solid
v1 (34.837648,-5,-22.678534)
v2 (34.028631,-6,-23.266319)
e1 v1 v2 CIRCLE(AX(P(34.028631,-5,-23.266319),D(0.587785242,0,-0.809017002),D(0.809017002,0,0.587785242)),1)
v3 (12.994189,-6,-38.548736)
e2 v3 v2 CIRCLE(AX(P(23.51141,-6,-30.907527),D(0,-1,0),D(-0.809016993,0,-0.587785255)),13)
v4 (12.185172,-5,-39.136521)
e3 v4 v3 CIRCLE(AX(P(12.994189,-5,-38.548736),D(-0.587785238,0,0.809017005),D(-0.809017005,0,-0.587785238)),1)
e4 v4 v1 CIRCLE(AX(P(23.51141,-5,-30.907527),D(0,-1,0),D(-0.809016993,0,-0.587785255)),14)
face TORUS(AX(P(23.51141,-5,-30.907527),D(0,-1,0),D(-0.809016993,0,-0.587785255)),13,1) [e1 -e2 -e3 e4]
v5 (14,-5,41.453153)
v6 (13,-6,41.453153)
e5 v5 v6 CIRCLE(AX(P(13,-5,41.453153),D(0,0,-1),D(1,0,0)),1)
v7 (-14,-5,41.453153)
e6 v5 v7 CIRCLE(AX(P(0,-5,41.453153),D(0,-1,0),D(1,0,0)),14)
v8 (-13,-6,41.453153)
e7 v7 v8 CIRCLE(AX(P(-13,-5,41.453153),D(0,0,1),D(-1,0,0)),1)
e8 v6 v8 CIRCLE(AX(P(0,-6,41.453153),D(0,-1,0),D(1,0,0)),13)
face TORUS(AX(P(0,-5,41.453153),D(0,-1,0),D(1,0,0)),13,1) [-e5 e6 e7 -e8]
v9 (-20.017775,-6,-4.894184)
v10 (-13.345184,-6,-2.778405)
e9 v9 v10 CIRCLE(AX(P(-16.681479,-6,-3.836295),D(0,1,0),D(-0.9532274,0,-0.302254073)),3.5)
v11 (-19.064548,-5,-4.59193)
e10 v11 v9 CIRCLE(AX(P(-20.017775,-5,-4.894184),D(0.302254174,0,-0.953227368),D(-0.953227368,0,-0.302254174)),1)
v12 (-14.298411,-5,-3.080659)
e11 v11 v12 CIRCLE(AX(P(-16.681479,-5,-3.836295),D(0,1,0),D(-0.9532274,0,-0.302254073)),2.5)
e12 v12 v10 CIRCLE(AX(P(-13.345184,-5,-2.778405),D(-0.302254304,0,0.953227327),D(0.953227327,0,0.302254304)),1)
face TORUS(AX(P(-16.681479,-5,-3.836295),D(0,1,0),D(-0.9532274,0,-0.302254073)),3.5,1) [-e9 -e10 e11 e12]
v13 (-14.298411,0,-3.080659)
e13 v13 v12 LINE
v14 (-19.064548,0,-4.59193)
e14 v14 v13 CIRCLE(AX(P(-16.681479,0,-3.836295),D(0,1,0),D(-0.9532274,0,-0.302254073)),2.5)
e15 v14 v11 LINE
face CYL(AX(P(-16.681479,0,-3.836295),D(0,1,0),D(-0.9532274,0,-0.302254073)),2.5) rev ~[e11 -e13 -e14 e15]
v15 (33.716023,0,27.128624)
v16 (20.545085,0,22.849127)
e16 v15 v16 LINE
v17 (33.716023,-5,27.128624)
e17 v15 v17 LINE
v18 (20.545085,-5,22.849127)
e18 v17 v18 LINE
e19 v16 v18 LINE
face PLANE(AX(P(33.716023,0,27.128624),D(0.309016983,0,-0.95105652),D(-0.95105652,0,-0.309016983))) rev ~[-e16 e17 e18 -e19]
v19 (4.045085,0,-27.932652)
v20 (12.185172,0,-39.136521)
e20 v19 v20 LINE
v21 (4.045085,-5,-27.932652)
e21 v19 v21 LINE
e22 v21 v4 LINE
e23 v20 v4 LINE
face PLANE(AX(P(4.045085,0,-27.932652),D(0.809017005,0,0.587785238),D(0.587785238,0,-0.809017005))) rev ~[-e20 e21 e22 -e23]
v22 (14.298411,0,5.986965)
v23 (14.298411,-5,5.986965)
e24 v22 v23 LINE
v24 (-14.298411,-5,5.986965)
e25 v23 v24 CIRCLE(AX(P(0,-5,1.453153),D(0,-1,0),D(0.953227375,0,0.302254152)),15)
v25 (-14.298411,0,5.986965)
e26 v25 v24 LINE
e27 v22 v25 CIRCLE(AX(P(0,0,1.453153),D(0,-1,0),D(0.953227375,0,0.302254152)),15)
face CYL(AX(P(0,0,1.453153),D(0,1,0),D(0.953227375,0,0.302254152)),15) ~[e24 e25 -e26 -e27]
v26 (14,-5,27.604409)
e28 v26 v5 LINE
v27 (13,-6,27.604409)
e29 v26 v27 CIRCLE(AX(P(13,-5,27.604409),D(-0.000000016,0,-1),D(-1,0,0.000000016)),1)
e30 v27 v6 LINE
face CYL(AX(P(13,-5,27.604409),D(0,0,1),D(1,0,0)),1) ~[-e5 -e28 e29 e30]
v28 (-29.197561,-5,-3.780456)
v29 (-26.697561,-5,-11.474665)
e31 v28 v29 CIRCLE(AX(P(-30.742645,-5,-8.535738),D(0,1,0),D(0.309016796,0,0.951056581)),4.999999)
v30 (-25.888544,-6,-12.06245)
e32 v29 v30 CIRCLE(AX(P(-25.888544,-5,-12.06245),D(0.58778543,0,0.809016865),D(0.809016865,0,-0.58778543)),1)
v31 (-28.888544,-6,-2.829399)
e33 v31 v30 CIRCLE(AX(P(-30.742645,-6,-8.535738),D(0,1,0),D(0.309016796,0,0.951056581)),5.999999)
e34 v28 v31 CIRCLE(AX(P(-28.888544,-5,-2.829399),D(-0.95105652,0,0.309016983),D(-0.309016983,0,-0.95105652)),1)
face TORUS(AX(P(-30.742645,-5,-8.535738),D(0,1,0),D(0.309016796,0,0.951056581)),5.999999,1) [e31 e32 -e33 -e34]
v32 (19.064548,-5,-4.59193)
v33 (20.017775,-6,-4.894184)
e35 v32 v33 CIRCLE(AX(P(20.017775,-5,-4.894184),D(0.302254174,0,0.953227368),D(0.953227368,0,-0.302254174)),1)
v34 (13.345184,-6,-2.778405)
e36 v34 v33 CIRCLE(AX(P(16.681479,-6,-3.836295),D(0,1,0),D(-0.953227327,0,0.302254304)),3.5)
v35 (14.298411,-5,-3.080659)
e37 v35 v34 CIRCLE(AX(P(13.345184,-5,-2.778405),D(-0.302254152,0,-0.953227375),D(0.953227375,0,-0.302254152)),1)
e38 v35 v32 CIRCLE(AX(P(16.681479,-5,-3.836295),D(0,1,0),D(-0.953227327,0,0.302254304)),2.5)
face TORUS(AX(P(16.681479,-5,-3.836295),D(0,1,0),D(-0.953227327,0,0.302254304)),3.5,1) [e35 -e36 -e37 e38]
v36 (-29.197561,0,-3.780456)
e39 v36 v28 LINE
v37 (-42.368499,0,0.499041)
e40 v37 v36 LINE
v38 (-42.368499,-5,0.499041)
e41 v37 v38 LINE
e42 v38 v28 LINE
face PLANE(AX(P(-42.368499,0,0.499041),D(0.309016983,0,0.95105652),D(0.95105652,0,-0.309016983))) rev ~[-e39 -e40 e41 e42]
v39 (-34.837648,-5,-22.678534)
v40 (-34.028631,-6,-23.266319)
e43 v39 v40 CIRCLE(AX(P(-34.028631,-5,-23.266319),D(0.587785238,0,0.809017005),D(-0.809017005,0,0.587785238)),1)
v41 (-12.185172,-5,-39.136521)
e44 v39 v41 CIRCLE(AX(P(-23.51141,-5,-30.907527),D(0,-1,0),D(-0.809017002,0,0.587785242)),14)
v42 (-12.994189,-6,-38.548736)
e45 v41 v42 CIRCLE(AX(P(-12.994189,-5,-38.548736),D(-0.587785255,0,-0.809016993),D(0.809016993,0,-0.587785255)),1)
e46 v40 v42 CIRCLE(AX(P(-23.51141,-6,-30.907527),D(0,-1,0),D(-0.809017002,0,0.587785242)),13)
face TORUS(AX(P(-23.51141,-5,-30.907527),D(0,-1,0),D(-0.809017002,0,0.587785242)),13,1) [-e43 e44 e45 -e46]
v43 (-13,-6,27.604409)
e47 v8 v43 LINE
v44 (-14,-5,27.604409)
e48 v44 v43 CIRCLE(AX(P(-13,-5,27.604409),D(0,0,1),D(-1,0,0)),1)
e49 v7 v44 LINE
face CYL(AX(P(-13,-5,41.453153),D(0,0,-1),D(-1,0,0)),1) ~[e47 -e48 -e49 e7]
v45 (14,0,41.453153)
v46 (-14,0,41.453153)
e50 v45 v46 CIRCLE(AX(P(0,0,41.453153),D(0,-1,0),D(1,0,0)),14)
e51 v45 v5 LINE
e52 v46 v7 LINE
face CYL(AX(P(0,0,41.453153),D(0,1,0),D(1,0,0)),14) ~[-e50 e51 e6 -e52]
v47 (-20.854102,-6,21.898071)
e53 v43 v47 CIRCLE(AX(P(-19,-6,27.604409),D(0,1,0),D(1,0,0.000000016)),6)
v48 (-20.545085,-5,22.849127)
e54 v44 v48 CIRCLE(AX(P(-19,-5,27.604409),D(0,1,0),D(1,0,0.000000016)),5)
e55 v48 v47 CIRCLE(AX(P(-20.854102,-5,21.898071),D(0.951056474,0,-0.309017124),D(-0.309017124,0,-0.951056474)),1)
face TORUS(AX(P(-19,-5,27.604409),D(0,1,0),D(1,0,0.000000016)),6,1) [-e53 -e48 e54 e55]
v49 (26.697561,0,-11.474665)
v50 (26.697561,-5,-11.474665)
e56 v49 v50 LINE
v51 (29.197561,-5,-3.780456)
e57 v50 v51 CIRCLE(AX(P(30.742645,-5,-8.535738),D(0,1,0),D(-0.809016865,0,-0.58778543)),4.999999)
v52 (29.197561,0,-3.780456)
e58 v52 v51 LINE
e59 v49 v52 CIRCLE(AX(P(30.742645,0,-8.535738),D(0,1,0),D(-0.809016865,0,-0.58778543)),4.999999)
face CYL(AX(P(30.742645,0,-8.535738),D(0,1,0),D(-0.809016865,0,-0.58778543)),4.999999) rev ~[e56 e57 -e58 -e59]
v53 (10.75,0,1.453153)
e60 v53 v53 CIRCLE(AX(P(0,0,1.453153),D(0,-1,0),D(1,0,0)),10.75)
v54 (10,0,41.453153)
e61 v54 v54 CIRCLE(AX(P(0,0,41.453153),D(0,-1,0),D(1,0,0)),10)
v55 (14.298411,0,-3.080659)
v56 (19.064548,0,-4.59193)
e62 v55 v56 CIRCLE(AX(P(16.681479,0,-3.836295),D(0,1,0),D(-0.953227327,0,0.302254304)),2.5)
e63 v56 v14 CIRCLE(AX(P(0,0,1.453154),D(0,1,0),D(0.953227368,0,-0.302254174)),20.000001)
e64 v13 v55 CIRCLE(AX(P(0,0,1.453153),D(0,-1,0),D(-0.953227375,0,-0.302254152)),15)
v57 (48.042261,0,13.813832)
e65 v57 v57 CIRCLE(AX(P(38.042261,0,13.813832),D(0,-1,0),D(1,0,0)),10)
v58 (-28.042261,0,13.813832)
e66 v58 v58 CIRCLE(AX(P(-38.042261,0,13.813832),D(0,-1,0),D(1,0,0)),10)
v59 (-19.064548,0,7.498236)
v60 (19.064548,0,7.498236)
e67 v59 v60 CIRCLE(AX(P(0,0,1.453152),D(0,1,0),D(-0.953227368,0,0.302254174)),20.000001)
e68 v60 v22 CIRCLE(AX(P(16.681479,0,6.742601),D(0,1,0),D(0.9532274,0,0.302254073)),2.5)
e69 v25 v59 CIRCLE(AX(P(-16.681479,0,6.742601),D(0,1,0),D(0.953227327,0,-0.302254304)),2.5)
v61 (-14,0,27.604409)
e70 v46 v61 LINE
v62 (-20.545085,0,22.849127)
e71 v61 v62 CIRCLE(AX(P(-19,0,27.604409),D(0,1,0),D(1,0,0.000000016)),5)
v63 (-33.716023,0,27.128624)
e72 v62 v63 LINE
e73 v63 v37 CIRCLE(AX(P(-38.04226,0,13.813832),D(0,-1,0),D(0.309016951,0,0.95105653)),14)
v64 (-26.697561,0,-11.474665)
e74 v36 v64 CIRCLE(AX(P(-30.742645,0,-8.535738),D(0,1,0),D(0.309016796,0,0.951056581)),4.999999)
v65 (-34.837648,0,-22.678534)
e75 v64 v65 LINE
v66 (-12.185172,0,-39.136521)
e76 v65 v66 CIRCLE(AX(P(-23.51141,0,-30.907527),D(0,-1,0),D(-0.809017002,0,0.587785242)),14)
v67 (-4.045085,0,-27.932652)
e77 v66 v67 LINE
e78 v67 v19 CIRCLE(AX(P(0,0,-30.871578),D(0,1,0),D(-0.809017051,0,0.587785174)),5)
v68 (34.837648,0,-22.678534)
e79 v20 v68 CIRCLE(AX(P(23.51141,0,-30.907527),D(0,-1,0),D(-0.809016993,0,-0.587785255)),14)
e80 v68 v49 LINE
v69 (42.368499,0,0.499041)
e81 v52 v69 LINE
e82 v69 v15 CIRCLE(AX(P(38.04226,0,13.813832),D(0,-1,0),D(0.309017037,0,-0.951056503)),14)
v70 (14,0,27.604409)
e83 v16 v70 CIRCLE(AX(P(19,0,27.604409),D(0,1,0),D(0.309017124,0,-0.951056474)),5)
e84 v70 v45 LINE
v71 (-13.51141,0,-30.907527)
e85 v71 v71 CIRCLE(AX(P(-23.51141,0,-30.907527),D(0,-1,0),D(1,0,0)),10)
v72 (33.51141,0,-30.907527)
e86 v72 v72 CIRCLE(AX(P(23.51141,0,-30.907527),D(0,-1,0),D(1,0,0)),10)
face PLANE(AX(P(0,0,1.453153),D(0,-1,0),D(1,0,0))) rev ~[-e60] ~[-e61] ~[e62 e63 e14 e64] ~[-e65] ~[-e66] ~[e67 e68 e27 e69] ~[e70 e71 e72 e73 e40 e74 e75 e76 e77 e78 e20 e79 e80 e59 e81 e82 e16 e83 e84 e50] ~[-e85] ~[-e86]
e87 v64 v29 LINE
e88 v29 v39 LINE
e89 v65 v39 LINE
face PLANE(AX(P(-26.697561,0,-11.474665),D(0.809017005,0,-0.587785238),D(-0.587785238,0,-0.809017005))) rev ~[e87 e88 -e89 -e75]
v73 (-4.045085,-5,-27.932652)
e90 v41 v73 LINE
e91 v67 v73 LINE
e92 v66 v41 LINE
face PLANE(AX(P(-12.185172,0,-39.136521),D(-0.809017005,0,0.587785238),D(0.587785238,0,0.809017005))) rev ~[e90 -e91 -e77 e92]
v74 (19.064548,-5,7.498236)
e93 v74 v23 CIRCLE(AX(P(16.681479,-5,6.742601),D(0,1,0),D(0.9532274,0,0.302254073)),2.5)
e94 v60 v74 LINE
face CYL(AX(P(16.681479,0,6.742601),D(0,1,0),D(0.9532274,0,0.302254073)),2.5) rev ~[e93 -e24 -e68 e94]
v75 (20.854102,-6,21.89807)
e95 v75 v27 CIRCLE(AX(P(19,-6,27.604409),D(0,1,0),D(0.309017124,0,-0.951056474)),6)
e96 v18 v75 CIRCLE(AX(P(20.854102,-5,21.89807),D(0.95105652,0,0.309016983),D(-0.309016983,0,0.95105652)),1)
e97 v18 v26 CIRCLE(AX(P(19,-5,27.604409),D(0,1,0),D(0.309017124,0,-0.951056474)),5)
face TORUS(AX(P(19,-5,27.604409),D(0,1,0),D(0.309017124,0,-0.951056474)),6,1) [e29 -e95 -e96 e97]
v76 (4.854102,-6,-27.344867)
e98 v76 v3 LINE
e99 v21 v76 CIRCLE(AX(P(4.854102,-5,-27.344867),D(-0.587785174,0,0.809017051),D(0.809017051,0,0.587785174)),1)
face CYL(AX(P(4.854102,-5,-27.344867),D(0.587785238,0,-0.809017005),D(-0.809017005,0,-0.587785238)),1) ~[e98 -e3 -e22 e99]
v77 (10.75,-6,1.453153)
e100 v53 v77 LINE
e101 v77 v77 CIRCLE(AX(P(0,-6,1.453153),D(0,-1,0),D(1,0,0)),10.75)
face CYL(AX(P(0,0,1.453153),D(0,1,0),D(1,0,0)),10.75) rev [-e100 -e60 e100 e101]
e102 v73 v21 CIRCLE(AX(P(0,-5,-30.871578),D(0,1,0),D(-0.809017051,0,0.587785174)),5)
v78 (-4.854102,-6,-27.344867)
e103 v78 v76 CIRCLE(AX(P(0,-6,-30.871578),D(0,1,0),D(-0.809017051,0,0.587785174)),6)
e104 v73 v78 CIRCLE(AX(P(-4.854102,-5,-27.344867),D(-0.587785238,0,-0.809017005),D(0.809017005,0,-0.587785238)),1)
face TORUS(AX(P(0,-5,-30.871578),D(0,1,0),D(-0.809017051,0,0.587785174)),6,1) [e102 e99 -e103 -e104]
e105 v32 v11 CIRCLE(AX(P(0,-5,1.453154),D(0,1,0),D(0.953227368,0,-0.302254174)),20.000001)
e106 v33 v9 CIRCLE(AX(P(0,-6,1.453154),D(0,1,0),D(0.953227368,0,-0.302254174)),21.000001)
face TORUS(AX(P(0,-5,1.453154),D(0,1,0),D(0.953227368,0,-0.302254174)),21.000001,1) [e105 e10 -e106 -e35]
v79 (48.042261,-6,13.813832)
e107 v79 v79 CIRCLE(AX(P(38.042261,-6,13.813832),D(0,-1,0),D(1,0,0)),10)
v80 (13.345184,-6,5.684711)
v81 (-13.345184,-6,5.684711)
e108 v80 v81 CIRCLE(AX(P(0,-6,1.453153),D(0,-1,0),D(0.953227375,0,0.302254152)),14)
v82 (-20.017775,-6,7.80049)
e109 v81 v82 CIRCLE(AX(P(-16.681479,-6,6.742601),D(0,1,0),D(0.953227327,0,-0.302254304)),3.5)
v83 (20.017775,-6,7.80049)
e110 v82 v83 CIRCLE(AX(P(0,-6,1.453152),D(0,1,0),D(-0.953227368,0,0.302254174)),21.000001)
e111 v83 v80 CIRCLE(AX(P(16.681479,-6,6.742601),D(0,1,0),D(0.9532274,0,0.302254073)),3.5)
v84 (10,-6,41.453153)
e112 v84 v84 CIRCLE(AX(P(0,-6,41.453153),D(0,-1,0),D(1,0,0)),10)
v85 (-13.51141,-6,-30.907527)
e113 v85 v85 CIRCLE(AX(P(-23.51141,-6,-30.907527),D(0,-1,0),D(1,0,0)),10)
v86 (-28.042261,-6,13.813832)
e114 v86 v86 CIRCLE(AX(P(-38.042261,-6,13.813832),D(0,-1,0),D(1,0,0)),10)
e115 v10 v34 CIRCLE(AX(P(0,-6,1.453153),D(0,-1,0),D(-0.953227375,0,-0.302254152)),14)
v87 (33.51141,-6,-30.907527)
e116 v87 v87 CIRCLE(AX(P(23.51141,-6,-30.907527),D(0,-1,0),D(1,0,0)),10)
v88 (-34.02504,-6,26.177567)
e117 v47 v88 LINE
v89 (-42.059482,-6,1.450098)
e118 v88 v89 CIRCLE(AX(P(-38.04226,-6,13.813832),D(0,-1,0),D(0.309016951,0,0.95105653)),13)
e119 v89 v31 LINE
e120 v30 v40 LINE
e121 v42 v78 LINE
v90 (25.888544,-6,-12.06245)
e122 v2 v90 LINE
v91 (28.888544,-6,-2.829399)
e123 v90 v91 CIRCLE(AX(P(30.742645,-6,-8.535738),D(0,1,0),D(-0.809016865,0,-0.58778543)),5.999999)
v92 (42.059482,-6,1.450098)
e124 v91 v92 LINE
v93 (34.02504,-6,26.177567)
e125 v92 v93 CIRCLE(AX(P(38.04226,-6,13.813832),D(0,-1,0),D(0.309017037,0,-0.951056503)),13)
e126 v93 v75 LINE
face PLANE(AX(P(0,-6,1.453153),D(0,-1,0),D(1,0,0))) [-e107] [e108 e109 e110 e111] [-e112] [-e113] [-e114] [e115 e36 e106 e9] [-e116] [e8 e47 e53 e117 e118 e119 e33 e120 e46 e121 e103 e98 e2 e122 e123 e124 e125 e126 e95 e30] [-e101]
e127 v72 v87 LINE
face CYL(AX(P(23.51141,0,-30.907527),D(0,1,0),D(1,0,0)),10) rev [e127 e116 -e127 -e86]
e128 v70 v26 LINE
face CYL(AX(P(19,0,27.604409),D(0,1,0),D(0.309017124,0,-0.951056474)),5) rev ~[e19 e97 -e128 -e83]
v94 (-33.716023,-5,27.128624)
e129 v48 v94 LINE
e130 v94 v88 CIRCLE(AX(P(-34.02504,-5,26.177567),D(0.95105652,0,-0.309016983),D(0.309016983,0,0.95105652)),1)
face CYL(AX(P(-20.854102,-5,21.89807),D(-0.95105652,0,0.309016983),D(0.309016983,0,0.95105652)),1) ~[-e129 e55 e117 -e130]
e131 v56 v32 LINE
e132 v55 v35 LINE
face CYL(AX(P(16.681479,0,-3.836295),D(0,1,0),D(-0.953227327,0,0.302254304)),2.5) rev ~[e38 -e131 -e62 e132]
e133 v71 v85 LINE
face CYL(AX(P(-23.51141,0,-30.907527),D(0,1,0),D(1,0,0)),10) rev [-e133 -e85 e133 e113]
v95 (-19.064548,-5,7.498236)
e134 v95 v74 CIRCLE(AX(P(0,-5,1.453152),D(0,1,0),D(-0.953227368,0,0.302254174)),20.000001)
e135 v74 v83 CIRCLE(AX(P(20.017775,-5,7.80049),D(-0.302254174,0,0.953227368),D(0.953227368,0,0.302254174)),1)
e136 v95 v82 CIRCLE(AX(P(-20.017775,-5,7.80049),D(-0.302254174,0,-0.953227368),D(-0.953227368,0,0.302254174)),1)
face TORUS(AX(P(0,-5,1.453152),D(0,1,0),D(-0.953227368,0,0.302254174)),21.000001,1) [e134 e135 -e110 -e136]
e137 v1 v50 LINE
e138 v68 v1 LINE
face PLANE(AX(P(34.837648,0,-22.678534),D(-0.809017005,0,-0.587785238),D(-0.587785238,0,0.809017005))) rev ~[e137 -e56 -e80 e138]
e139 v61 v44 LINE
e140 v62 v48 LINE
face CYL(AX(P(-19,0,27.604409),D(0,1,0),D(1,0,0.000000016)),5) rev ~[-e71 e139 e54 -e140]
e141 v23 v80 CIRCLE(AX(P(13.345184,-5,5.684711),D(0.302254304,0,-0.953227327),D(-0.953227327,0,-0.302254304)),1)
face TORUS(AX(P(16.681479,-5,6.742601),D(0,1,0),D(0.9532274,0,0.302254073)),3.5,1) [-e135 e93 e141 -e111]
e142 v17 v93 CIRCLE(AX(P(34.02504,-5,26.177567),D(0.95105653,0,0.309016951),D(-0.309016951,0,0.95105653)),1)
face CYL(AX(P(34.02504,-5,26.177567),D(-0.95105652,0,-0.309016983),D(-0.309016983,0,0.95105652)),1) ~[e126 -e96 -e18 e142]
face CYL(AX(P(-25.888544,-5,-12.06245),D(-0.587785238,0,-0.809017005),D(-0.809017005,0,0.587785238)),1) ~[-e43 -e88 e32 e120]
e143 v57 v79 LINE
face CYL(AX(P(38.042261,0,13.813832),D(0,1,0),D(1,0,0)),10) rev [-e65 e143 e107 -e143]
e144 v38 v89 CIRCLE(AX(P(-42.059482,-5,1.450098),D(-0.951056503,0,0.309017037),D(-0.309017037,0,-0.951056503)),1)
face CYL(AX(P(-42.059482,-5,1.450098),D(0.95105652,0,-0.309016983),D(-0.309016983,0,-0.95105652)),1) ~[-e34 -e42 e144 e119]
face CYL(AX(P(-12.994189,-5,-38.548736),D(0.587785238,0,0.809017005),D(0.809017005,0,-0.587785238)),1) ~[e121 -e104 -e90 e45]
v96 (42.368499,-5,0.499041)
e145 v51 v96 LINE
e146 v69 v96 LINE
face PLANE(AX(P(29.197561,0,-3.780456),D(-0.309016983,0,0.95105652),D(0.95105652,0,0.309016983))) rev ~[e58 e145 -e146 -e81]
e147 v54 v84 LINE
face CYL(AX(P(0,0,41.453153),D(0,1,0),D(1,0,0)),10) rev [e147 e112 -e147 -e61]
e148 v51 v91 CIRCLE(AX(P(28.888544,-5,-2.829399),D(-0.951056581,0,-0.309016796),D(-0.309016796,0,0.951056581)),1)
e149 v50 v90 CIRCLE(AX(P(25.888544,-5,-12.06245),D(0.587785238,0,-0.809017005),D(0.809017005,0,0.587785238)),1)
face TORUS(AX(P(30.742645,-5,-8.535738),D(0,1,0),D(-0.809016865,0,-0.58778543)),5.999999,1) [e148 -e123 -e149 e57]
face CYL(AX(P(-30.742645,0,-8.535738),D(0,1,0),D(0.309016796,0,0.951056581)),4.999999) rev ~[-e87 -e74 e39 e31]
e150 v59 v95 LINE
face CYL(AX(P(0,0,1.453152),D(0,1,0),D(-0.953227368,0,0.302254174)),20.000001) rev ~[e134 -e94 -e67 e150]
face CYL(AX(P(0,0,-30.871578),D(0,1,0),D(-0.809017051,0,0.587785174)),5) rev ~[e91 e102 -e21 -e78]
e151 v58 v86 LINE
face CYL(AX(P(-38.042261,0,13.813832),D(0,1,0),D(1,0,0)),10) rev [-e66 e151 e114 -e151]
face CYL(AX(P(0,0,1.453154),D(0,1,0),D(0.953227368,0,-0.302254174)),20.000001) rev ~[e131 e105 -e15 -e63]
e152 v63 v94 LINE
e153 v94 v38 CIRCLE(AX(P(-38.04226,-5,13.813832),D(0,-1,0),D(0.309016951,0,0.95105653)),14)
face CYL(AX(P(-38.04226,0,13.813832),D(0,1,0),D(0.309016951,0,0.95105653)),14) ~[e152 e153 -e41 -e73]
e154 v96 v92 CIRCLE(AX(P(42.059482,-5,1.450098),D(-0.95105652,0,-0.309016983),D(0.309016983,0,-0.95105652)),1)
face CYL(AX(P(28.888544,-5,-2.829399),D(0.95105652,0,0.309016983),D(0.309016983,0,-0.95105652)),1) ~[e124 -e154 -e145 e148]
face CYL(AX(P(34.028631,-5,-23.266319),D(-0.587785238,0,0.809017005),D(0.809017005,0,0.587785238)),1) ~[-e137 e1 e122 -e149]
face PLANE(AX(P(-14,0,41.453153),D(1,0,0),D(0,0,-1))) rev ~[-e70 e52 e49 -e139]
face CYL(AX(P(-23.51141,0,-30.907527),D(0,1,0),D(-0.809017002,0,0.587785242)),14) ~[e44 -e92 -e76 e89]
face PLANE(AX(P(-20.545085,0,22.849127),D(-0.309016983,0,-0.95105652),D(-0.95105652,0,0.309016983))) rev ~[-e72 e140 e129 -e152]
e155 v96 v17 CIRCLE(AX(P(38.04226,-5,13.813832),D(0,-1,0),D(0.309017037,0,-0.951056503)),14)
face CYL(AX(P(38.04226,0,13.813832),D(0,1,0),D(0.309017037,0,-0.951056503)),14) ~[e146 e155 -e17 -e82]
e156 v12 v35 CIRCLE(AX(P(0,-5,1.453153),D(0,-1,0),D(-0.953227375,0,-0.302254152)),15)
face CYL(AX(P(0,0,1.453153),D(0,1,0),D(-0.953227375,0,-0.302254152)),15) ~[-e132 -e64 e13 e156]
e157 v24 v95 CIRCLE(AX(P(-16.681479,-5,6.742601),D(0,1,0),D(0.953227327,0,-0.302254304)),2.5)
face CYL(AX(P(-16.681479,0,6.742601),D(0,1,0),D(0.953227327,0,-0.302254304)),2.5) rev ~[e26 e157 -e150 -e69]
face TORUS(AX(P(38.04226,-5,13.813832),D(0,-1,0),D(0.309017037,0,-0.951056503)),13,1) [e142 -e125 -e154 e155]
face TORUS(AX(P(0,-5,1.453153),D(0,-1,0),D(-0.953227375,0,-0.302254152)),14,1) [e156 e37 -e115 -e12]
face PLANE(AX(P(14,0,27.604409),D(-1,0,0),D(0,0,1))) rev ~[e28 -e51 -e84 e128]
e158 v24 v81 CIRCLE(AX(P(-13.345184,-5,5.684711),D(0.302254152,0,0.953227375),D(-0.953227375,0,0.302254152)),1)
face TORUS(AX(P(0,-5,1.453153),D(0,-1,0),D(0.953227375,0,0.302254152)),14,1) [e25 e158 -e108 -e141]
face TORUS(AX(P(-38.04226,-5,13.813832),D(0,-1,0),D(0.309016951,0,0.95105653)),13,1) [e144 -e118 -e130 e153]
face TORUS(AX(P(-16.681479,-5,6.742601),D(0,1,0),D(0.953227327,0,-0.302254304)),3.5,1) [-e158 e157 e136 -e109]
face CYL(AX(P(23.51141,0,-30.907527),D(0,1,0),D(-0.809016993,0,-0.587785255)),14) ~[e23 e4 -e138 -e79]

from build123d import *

# Parameters (mm, degrees)
F0_R     = 10
F0_R_2   = 10.75
F1_DEPTH = 6
F2_R     = 1


with BuildPart() as f1:
    # F0 (on Front) → F1 (new body)
    with BuildSketch(Plane.XZ):
        with BuildLine():
            Line((14, 27.604409), (14, 41.453153))
            ThreePointArc((14, 41.453153), (0, 55.453153), (-14, 41.453153))
            Line((-14, 41.453153), (-14, 27.604409))
            ThreePointArc((-14, 27.604409), (-16.061074, 23.559324), (-20.545085, 22.849127))
            Line((-20.545085, 22.849127), (-33.716023, 27.128624))
            ThreePointArc((-33.716023, 27.128624), (-51.357052, 18.14007), (-42.368499, 0.499041))
            Line((-42.368499, 0.499041), (-29.197561, -3.780456))
            ThreePointArc((-29.197561, -3.780456), (-25.987363, -6.990653), (-26.697561, -11.474665))
            Line((-26.697561, -11.474665), (-34.837648, -22.678534))
            ThreePointArc((-34.837648, -22.678534), (-31.740404, -42.233765), (-12.185172, -39.136521))
            Line((-12.185172, -39.136521), (-4.045085, -27.932652))
            ThreePointArc((-4.045085, -27.932652), (0, -25.871578), (4.045085, -27.932652))
            Line((4.045085, -27.932652), (12.185172, -39.136521))
            ThreePointArc((12.185172, -39.136521), (31.740404, -42.233765), (34.837648, -22.678534))
            Line((34.837648, -22.678534), (26.697561, -11.474665))
            ThreePointArc((26.697561, -11.474665), (25.987363, -6.990653), (29.197561, -3.780456))
            Line((29.197561, -3.780456), (42.368499, 0.499041))
            ThreePointArc((42.368499, 0.499041), (51.357052, 18.14007), (33.716023, 27.128624))
            Line((33.716023, 27.128624), (20.545085, 22.849127))
            ThreePointArc((20.545085, 22.849127), (16.061074, 23.559324), (14, 27.604409))
        make_face()
        with Locations((-23.51141, -30.907527)):
            Circle(F0_R, mode=Mode.SUBTRACT)
        with Locations((23.51141, -30.907527)):
            Circle(F0_R, mode=Mode.SUBTRACT)
        with BuildLine():
            ThreePointArc((19.064548, -4.59193), (0, -18.546847), (-19.064548, -4.59193))
            ThreePointArc((-19.064548, -4.59193), (-17.437114, -1.453226), (-14.298411, -3.080659))
            ThreePointArc((-14.298411, -3.080659), (0, -13.546847), (14.298411, -3.080659))
            ThreePointArc((14.298411, -3.080659), (17.437114, -1.453226), (19.064548, -4.59193))
        make_face(mode=Mode.SUBTRACT)
        with Locations((0, 1.453153)):
            Circle(F0_R_2, mode=Mode.SUBTRACT)
        with Locations((-38.042261, 13.813832)):
            Circle(F0_R, mode=Mode.SUBTRACT)
        with BuildLine():
            ThreePointArc((-19.064548, 7.498236), (0, 21.453153), (19.064548, 7.498236))
            ThreePointArc((19.064548, 7.498236), (17.437114, 4.359532), (14.298411, 5.986965))
            ThreePointArc((14.298411, 5.986965), (0, 16.453153), (-14.298411, 5.986965))
            ThreePointArc((-14.298411, 5.986965), (-17.437114, 4.359532), (-19.064548, 7.498236))
        make_face(mode=Mode.SUBTRACT)
        with Locations((38.042261, 13.813832)):
            Circle(F0_R, mode=Mode.SUBTRACT)
        with Locations((0, 41.453153)):
            Circle(F0_R, mode=Mode.SUBTRACT)
    extrude(amount=F1_DEPTH)

    # F2
    f2_edges = [f1.edges().sort_by_distance(p)[0] for p in [
        (-14, -6, 34.528781),
        (0, -6, 55.453153),
        (14, -6, 34.528781),
        (0, -6, -18.546847),
        (0, -6, 21.453153),
    ]]
    fillet(f2_edges, radius=F2_R)


solid = f1.part
